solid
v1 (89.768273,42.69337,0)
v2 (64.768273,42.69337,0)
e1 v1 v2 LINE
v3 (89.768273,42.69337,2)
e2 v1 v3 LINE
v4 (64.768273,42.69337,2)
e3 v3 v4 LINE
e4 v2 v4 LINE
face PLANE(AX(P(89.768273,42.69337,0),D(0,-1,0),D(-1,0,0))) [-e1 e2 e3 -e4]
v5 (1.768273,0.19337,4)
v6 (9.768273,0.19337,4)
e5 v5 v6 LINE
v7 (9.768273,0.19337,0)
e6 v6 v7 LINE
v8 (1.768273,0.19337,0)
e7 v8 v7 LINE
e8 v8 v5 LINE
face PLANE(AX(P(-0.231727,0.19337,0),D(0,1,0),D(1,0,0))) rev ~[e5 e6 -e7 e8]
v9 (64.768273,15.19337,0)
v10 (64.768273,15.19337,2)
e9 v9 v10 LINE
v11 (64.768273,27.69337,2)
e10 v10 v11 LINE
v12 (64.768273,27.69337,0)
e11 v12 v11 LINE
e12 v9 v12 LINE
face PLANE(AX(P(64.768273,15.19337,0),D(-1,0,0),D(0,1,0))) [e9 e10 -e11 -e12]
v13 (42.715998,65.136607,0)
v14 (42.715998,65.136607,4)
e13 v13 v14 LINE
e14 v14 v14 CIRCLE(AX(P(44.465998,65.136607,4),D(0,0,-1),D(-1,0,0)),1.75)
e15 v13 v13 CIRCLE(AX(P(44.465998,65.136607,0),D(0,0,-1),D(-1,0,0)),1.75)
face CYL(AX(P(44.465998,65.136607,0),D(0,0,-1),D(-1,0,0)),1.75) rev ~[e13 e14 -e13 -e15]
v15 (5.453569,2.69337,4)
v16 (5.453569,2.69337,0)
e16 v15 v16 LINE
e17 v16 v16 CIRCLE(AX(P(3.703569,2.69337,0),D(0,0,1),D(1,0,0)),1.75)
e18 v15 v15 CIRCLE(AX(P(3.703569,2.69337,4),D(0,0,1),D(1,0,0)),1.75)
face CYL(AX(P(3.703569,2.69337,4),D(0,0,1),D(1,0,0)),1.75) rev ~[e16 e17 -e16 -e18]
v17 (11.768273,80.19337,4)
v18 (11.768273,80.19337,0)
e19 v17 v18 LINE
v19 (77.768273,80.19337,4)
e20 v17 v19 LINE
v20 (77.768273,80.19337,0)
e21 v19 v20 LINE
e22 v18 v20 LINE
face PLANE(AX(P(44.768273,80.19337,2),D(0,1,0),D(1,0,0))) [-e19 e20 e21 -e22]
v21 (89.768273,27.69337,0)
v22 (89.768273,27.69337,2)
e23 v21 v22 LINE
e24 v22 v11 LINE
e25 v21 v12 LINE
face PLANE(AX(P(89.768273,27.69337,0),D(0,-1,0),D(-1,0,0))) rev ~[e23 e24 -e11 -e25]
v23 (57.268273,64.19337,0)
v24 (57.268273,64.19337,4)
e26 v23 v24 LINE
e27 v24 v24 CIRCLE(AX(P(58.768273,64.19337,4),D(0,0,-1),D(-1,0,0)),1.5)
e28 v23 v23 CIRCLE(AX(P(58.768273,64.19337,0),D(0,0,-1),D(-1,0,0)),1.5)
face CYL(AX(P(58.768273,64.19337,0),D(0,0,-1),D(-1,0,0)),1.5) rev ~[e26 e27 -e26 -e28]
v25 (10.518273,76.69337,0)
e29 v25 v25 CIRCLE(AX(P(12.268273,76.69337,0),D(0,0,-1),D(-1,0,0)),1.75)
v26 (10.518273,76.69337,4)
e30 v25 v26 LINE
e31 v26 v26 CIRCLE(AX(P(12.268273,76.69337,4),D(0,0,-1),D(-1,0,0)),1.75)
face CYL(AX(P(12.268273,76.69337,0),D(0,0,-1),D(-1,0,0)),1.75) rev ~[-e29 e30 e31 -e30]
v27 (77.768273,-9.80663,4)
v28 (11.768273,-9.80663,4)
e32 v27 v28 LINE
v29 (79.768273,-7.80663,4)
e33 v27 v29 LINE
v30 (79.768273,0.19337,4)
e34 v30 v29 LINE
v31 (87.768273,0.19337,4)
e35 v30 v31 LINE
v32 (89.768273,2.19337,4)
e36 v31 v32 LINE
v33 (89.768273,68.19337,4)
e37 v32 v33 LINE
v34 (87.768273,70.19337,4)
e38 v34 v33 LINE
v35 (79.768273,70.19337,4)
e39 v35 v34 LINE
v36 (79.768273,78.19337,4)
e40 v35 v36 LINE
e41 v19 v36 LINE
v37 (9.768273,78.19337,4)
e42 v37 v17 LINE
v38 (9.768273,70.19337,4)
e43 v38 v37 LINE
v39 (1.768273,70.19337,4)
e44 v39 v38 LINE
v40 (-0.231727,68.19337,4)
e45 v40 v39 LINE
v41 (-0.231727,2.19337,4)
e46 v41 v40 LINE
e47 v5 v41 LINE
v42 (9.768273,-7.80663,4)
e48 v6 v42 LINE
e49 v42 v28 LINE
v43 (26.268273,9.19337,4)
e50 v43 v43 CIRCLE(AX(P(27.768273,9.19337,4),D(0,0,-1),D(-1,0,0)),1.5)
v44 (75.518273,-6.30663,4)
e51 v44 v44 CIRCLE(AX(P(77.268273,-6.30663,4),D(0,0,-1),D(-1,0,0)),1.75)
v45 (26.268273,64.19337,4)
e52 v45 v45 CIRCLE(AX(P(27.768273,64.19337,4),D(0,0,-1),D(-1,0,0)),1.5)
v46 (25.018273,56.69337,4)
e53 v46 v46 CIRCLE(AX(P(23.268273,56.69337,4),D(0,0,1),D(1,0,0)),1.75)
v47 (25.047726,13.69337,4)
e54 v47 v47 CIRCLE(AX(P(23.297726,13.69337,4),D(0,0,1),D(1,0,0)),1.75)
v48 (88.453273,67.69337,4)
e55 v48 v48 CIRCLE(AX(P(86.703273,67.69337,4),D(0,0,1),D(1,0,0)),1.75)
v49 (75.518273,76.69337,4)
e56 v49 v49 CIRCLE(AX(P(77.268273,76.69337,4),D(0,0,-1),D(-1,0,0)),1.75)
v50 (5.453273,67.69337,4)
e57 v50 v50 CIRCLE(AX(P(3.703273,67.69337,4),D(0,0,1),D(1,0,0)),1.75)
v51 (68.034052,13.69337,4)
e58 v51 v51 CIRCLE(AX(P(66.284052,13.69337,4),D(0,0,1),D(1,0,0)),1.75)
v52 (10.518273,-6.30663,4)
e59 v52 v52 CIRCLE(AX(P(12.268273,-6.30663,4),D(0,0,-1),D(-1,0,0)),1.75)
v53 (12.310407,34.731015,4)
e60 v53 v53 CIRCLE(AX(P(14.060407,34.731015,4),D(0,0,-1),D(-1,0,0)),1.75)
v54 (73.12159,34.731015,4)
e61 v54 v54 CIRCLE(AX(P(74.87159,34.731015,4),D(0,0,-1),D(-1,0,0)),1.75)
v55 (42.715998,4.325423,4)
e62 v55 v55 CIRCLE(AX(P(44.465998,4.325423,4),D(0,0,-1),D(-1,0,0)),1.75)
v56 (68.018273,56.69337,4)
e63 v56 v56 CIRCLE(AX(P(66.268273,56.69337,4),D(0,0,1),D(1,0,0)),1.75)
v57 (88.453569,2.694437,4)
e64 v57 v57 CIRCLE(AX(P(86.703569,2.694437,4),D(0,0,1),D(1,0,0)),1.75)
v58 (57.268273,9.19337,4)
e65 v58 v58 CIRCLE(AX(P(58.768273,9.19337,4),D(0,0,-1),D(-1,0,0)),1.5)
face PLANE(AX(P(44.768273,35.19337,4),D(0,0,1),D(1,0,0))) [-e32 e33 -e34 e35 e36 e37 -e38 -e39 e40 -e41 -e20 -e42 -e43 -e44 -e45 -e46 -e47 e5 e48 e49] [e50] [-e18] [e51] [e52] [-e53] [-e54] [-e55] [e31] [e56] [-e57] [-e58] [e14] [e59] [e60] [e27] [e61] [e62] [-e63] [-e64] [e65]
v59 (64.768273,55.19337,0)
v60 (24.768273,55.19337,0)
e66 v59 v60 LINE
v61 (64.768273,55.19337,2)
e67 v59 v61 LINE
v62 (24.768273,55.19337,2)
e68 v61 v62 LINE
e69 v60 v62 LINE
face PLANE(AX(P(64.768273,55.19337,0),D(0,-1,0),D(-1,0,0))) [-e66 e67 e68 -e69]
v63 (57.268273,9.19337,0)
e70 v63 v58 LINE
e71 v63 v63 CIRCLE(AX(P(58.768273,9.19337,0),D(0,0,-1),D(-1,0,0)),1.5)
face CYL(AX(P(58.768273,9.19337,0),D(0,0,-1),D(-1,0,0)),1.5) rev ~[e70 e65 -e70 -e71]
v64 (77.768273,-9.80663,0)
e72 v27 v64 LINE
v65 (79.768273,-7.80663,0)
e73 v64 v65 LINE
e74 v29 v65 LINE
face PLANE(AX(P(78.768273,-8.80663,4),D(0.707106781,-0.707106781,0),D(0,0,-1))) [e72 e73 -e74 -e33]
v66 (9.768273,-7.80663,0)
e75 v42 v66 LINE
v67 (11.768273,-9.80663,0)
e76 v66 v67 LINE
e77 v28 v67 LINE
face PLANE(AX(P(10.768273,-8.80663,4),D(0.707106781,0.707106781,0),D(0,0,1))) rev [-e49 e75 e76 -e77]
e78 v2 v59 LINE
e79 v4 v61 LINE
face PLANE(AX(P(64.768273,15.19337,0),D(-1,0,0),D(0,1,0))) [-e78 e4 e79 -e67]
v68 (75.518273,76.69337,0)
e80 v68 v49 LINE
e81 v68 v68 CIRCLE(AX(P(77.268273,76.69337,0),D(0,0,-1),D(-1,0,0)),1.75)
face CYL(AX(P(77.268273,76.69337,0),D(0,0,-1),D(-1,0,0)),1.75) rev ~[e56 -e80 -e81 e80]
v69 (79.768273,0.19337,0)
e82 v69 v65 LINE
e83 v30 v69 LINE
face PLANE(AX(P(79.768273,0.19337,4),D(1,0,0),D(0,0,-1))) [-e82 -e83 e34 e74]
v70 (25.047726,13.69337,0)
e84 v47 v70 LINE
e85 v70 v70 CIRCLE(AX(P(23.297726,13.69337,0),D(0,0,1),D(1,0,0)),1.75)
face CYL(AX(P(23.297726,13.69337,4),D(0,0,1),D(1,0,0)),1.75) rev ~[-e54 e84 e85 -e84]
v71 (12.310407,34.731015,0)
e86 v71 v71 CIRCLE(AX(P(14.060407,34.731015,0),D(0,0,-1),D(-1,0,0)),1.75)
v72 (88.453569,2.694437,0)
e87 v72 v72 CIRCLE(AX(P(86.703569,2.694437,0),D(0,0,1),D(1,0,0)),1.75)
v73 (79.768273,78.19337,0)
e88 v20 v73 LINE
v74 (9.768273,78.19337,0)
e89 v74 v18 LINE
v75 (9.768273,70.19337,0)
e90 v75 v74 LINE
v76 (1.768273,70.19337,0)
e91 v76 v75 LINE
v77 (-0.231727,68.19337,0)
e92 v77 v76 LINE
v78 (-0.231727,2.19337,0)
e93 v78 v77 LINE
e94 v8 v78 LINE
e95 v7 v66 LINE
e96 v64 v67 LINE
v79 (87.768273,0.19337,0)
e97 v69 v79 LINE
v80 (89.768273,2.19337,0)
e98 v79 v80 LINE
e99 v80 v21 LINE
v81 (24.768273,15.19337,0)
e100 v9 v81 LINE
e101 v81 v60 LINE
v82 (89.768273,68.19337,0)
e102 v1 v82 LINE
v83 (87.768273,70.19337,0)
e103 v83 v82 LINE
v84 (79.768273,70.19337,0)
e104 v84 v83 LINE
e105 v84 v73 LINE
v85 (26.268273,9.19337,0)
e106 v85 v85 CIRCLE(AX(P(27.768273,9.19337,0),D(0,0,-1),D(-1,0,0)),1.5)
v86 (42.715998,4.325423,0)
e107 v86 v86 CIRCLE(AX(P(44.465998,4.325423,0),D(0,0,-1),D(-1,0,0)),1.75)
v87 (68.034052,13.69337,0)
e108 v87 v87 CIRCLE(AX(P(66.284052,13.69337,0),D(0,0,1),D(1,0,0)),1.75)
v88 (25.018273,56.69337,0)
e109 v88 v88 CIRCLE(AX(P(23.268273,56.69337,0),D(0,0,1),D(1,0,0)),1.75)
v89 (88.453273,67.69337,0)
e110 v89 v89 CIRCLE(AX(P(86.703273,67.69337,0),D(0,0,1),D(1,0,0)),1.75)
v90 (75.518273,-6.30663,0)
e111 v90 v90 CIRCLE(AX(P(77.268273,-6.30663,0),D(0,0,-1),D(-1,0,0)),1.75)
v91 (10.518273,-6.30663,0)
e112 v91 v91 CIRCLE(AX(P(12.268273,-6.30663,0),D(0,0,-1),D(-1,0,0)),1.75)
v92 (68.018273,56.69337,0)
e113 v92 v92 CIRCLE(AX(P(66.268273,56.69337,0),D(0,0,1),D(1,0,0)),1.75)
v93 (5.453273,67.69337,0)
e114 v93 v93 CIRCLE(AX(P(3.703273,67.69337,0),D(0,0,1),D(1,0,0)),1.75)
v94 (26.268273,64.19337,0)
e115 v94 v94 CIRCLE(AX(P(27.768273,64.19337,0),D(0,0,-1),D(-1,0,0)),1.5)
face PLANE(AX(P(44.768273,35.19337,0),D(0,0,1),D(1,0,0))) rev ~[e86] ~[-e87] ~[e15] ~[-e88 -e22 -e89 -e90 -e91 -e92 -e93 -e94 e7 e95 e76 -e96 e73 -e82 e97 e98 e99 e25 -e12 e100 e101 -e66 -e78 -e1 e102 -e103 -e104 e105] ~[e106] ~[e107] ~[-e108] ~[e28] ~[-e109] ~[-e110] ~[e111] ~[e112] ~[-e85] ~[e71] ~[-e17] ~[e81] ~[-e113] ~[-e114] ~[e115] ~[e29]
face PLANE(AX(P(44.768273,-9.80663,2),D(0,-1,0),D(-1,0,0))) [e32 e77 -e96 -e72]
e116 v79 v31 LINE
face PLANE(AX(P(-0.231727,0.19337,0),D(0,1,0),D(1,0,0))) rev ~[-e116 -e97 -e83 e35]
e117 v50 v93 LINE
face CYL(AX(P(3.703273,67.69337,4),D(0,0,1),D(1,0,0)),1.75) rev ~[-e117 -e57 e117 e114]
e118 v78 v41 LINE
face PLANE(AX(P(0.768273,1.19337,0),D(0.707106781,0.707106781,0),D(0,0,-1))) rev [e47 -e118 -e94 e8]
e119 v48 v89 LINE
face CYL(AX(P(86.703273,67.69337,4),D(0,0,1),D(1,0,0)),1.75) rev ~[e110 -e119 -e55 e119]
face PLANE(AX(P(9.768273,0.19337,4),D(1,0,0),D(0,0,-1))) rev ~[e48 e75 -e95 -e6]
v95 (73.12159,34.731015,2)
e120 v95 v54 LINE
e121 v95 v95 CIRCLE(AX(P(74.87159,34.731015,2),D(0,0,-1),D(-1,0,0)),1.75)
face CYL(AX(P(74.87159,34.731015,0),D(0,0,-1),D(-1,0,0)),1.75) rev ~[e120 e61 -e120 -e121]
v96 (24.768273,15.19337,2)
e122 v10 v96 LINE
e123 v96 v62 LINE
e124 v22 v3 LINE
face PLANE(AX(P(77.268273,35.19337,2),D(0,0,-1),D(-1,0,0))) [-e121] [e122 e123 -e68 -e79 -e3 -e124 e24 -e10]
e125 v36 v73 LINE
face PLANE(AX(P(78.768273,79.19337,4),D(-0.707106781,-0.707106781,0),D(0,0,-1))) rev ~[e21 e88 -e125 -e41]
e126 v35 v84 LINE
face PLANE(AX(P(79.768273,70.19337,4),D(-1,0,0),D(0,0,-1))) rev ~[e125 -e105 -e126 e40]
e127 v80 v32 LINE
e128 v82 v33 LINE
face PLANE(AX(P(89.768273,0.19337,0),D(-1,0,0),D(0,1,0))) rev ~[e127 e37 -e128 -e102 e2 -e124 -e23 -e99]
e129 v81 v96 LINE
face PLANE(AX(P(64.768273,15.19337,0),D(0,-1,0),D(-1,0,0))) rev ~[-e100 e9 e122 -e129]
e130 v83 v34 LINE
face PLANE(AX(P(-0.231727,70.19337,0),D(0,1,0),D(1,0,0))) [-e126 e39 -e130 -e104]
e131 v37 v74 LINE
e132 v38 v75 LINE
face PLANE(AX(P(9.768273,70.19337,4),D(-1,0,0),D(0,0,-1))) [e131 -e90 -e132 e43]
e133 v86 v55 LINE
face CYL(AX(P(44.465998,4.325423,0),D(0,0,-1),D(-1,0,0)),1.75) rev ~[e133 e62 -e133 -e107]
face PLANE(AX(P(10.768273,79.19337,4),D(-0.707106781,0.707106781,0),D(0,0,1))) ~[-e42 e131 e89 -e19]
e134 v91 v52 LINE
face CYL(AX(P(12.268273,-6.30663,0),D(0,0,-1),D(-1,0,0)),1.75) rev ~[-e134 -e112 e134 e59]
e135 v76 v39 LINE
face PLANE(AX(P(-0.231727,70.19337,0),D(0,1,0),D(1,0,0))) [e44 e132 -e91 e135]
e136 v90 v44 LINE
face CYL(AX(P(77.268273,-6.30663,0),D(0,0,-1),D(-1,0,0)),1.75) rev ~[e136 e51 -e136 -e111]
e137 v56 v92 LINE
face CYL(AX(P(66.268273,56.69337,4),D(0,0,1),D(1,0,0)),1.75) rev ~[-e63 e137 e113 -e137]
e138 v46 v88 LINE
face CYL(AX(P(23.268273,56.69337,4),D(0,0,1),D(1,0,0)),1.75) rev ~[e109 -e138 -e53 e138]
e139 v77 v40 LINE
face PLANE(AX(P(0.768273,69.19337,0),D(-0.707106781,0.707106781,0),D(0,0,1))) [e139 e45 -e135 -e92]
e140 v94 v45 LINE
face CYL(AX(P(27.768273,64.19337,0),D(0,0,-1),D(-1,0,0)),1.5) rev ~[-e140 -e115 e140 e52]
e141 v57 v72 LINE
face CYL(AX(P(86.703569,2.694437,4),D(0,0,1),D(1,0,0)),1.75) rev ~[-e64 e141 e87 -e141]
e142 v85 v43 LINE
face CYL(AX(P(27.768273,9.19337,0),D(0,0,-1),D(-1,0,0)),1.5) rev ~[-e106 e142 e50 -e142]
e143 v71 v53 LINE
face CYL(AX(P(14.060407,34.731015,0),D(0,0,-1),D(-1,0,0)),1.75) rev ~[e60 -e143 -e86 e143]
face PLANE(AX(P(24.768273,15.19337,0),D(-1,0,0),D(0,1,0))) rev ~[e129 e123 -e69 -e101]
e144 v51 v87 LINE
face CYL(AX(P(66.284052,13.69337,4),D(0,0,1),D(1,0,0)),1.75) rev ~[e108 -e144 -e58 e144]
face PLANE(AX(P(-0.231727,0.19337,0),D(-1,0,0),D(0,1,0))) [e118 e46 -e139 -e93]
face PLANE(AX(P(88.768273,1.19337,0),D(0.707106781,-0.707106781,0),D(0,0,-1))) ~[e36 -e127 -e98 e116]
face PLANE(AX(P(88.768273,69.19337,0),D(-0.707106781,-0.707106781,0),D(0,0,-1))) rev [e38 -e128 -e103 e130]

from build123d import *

# Parameters (mm, degrees)
SKETCH1_W           = 90
SKETCH1_H           = 70
BOSS_EXTRUDE1_DEPTH = 4
SKETCH2_R           = 1.75
CUT_EXTRUDE1_DEPTH  = 5
CHAMFER1_SIZE       = 2
CHAMFER2_SIZE       = 2
CHAMFER3_SIZE       = 2
CHAMFER4_SIZE       = 2
SKETCH5_W           = 70
SKETCH5_H           = 4
BOSS_EXTRUDE3_DEPTH = 10
SKETCH4_W           = 70
SKETCH4_H           = 4
BOSS_EXTRUDE4_DEPTH = 10
SKETCH6_R           = 1.75
CUT_EXTRUDE2_DEPTH  = 10
CHAMFER5_SIZE       = 2
SKETCH7_W           = 40
SKETCH7_H           = 40
CUT_EXTRUDE3_DEPTH  = 2
SKETCH8_W           = 25
SKETCH8_H           = 15
CUT_EXTRUDE4_DEPTH  = 2
SKETCH9_R           = 1.5
CUT_EXTRUDE5_DEPTH  = 4
SKETCH10_R          = 1.75
CUT_EXTRUDE6_DEPTH  = 10


with BuildPart() as part:
    # Sketch1 → Boss-Extrude1 (new body)
    with BuildSketch(Plane.XY):
        with Locations((44.768273235, 35.193370166)):
            Rectangle(SKETCH1_W, SKETCH1_H)
    extrude(amount=BOSS_EXTRUDE1_DEPTH)

    # Sketch2 → Cut-Extrude1 (cut)
    with BuildSketch(Plane.XY.offset(4)):
        with Locations((3.703568783, 2.693370166)):
            Circle(SKETCH2_R)
        with Locations((86.703568783, 2.694436567)):
            Circle(SKETCH2_R)
        with Locations((86.703273235, 67.693370166)):
            Circle(SKETCH2_R)
        with Locations((3.703273235, 67.693370166)):
            Circle(SKETCH2_R)
        with Locations((23.297725672, 13.693370166)):
            Circle(SKETCH2_R)
        with Locations((66.284051901, 13.693370166)):
            Circle(SKETCH2_R)
        with Locations((66.268273235, 56.693370166)):
            Circle(SKETCH2_R)
        with Locations((23.268273235, 56.693370166)):
            Circle(SKETCH2_R)
    extrude(amount=-CUT_EXTRUDE1_DEPTH, mode=Mode.SUBTRACT)

    # Chamfer1
    chamfer1_edges = [part.edges().sort_by_distance(p)[0] for p in [
        (89.768273235, 0.193370166, 2),
    ]]
    chamfer(chamfer1_edges, length=CHAMFER1_SIZE)

    # Chamfer2
    chamfer2_edges = [part.edges().sort_by_distance(p)[0] for p in [
        (-0.231726765, 0.193370166, 2),
    ]]
    chamfer(chamfer2_edges, length=CHAMFER2_SIZE)

    # Chamfer3
    chamfer3_edges = [part.edges().sort_by_distance(p)[0] for p in [
        (-0.231726765, 70.193370166, 2),
    ]]
    chamfer(chamfer3_edges, length=CHAMFER3_SIZE)

    # Chamfer4
    chamfer4_edges = [part.edges().sort_by_distance(p)[0] for p in [
        (89.768273235, 70.193370166, 2),
    ]]
    chamfer(chamfer4_edges, length=CHAMFER4_SIZE)

    # Sketch5 → Boss-Extrude3 (add)
    with BuildSketch(Plane(origin=(0, 70.193370166, 0), x_dir=(1, 0, 0), z_dir=(0, 1, 0))):
        with Locations((44.768273235, -2)):
            Rectangle(SKETCH5_W, SKETCH5_H)
    extrude(amount=BOSS_EXTRUDE3_DEPTH)

    # Sketch4 → Boss-Extrude4 (add)
    with BuildSketch(Plane(origin=(0, 0.193370166, 0), x_dir=(-1, 0, 0), z_dir=(0, -1, 0))):
        with Locations((-44.768273235, -2)):
            Rectangle(SKETCH4_W, SKETCH4_H)
    extrude(amount=BOSS_EXTRUDE4_DEPTH)

    # Sketch6 → Cut-Extrude2 (cut)
    with BuildSketch(Plane(origin=(0, 0, 0), x_dir=(-1, 0, 0), z_dir=(0, 0, -1))):
        with Locations((-12.268273235, 76.693370166)):
            Circle(SKETCH6_R)
        with Locations((-77.268273235, 76.693370166)):
            Circle(SKETCH6_R)
        with Locations((-77.268273235, -6.306629834)):
            Circle(SKETCH6_R)
        with Locations((-12.268273235, -6.306629834)):
            Circle(SKETCH6_R)
    extrude(amount=-CUT_EXTRUDE2_DEPTH, mode=Mode.SUBTRACT)

    # Chamfer5
    chamfer5_edges = [part.edges().sort_by_distance(p)[0] for p in [
        (9.768273235, 80.193370166, 2),
        (79.768273235, 80.193370166, 2),
        (9.768273235, -9.806629834, 2),
        (79.768273235, -9.806629834, 2),
    ]]
    chamfer(chamfer5_edges, length=CHAMFER5_SIZE)

    # Sketch7 → Cut-Extrude3 (cut)
    with BuildSketch(Plane(origin=(0, 0, 0), x_dir=(-1, 0, 0), z_dir=(0, 0, -1))):
        with Locations((-44.768273235, 35.193370166)):
            Rectangle(SKETCH7_W, SKETCH7_H)
    extrude(amount=-CUT_EXTRUDE3_DEPTH, mode=Mode.SUBTRACT)

    # Sketch8 → Cut-Extrude4 (cut)
    with BuildSketch(Plane(origin=(0, 0, 0), x_dir=(-1, 0, 0), z_dir=(0, 0, -1))):
        with Locations((-77.268273235, 35.193370166)):
            Rectangle(SKETCH8_W, SKETCH8_H)
    extrude(amount=-CUT_EXTRUDE4_DEPTH, mode=Mode.SUBTRACT)

    # Sketch9 → Cut-Extrude5 (cut)
    with BuildSketch(Plane(origin=(0, 0, 0), x_dir=(-1, 0, 0), z_dir=(0, 0, -1))):
        with Locations((-27.768273235, 9.193370166)):
            Circle(SKETCH9_R)
        with Locations((-58.768273235, 9.193370166)):
            Circle(SKETCH9_R)
        with Locations((-27.768273235, 64.193370166)):
            Circle(SKETCH9_R)
        with Locations((-58.768273235, 64.193370166)):
            Circle(SKETCH9_R)
    extrude(amount=-CUT_EXTRUDE5_DEPTH, mode=Mode.SUBTRACT)

    # Sketch10 → Cut-Extrude6 (cut)
    with BuildSketch(Plane(origin=(0, 0, 0), x_dir=(-1, 0, 0), z_dir=(0, 0, -1))):
        with Locations((-74.871589862, 34.731015085)):
            Circle(SKETCH10_R)
        with Locations((-44.465998271, 4.325423494)):
            Circle(SKETCH10_R)
        with Locations((-14.06040668, 34.731015085)):
            Circle(SKETCH10_R)
        with Locations((-44.465998271, 65.136606676)):
            Circle(SKETCH10_R)
    extrude(amount=-CUT_EXTRUDE6_DEPTH, mode=Mode.SUBTRACT)


solid = part.part
